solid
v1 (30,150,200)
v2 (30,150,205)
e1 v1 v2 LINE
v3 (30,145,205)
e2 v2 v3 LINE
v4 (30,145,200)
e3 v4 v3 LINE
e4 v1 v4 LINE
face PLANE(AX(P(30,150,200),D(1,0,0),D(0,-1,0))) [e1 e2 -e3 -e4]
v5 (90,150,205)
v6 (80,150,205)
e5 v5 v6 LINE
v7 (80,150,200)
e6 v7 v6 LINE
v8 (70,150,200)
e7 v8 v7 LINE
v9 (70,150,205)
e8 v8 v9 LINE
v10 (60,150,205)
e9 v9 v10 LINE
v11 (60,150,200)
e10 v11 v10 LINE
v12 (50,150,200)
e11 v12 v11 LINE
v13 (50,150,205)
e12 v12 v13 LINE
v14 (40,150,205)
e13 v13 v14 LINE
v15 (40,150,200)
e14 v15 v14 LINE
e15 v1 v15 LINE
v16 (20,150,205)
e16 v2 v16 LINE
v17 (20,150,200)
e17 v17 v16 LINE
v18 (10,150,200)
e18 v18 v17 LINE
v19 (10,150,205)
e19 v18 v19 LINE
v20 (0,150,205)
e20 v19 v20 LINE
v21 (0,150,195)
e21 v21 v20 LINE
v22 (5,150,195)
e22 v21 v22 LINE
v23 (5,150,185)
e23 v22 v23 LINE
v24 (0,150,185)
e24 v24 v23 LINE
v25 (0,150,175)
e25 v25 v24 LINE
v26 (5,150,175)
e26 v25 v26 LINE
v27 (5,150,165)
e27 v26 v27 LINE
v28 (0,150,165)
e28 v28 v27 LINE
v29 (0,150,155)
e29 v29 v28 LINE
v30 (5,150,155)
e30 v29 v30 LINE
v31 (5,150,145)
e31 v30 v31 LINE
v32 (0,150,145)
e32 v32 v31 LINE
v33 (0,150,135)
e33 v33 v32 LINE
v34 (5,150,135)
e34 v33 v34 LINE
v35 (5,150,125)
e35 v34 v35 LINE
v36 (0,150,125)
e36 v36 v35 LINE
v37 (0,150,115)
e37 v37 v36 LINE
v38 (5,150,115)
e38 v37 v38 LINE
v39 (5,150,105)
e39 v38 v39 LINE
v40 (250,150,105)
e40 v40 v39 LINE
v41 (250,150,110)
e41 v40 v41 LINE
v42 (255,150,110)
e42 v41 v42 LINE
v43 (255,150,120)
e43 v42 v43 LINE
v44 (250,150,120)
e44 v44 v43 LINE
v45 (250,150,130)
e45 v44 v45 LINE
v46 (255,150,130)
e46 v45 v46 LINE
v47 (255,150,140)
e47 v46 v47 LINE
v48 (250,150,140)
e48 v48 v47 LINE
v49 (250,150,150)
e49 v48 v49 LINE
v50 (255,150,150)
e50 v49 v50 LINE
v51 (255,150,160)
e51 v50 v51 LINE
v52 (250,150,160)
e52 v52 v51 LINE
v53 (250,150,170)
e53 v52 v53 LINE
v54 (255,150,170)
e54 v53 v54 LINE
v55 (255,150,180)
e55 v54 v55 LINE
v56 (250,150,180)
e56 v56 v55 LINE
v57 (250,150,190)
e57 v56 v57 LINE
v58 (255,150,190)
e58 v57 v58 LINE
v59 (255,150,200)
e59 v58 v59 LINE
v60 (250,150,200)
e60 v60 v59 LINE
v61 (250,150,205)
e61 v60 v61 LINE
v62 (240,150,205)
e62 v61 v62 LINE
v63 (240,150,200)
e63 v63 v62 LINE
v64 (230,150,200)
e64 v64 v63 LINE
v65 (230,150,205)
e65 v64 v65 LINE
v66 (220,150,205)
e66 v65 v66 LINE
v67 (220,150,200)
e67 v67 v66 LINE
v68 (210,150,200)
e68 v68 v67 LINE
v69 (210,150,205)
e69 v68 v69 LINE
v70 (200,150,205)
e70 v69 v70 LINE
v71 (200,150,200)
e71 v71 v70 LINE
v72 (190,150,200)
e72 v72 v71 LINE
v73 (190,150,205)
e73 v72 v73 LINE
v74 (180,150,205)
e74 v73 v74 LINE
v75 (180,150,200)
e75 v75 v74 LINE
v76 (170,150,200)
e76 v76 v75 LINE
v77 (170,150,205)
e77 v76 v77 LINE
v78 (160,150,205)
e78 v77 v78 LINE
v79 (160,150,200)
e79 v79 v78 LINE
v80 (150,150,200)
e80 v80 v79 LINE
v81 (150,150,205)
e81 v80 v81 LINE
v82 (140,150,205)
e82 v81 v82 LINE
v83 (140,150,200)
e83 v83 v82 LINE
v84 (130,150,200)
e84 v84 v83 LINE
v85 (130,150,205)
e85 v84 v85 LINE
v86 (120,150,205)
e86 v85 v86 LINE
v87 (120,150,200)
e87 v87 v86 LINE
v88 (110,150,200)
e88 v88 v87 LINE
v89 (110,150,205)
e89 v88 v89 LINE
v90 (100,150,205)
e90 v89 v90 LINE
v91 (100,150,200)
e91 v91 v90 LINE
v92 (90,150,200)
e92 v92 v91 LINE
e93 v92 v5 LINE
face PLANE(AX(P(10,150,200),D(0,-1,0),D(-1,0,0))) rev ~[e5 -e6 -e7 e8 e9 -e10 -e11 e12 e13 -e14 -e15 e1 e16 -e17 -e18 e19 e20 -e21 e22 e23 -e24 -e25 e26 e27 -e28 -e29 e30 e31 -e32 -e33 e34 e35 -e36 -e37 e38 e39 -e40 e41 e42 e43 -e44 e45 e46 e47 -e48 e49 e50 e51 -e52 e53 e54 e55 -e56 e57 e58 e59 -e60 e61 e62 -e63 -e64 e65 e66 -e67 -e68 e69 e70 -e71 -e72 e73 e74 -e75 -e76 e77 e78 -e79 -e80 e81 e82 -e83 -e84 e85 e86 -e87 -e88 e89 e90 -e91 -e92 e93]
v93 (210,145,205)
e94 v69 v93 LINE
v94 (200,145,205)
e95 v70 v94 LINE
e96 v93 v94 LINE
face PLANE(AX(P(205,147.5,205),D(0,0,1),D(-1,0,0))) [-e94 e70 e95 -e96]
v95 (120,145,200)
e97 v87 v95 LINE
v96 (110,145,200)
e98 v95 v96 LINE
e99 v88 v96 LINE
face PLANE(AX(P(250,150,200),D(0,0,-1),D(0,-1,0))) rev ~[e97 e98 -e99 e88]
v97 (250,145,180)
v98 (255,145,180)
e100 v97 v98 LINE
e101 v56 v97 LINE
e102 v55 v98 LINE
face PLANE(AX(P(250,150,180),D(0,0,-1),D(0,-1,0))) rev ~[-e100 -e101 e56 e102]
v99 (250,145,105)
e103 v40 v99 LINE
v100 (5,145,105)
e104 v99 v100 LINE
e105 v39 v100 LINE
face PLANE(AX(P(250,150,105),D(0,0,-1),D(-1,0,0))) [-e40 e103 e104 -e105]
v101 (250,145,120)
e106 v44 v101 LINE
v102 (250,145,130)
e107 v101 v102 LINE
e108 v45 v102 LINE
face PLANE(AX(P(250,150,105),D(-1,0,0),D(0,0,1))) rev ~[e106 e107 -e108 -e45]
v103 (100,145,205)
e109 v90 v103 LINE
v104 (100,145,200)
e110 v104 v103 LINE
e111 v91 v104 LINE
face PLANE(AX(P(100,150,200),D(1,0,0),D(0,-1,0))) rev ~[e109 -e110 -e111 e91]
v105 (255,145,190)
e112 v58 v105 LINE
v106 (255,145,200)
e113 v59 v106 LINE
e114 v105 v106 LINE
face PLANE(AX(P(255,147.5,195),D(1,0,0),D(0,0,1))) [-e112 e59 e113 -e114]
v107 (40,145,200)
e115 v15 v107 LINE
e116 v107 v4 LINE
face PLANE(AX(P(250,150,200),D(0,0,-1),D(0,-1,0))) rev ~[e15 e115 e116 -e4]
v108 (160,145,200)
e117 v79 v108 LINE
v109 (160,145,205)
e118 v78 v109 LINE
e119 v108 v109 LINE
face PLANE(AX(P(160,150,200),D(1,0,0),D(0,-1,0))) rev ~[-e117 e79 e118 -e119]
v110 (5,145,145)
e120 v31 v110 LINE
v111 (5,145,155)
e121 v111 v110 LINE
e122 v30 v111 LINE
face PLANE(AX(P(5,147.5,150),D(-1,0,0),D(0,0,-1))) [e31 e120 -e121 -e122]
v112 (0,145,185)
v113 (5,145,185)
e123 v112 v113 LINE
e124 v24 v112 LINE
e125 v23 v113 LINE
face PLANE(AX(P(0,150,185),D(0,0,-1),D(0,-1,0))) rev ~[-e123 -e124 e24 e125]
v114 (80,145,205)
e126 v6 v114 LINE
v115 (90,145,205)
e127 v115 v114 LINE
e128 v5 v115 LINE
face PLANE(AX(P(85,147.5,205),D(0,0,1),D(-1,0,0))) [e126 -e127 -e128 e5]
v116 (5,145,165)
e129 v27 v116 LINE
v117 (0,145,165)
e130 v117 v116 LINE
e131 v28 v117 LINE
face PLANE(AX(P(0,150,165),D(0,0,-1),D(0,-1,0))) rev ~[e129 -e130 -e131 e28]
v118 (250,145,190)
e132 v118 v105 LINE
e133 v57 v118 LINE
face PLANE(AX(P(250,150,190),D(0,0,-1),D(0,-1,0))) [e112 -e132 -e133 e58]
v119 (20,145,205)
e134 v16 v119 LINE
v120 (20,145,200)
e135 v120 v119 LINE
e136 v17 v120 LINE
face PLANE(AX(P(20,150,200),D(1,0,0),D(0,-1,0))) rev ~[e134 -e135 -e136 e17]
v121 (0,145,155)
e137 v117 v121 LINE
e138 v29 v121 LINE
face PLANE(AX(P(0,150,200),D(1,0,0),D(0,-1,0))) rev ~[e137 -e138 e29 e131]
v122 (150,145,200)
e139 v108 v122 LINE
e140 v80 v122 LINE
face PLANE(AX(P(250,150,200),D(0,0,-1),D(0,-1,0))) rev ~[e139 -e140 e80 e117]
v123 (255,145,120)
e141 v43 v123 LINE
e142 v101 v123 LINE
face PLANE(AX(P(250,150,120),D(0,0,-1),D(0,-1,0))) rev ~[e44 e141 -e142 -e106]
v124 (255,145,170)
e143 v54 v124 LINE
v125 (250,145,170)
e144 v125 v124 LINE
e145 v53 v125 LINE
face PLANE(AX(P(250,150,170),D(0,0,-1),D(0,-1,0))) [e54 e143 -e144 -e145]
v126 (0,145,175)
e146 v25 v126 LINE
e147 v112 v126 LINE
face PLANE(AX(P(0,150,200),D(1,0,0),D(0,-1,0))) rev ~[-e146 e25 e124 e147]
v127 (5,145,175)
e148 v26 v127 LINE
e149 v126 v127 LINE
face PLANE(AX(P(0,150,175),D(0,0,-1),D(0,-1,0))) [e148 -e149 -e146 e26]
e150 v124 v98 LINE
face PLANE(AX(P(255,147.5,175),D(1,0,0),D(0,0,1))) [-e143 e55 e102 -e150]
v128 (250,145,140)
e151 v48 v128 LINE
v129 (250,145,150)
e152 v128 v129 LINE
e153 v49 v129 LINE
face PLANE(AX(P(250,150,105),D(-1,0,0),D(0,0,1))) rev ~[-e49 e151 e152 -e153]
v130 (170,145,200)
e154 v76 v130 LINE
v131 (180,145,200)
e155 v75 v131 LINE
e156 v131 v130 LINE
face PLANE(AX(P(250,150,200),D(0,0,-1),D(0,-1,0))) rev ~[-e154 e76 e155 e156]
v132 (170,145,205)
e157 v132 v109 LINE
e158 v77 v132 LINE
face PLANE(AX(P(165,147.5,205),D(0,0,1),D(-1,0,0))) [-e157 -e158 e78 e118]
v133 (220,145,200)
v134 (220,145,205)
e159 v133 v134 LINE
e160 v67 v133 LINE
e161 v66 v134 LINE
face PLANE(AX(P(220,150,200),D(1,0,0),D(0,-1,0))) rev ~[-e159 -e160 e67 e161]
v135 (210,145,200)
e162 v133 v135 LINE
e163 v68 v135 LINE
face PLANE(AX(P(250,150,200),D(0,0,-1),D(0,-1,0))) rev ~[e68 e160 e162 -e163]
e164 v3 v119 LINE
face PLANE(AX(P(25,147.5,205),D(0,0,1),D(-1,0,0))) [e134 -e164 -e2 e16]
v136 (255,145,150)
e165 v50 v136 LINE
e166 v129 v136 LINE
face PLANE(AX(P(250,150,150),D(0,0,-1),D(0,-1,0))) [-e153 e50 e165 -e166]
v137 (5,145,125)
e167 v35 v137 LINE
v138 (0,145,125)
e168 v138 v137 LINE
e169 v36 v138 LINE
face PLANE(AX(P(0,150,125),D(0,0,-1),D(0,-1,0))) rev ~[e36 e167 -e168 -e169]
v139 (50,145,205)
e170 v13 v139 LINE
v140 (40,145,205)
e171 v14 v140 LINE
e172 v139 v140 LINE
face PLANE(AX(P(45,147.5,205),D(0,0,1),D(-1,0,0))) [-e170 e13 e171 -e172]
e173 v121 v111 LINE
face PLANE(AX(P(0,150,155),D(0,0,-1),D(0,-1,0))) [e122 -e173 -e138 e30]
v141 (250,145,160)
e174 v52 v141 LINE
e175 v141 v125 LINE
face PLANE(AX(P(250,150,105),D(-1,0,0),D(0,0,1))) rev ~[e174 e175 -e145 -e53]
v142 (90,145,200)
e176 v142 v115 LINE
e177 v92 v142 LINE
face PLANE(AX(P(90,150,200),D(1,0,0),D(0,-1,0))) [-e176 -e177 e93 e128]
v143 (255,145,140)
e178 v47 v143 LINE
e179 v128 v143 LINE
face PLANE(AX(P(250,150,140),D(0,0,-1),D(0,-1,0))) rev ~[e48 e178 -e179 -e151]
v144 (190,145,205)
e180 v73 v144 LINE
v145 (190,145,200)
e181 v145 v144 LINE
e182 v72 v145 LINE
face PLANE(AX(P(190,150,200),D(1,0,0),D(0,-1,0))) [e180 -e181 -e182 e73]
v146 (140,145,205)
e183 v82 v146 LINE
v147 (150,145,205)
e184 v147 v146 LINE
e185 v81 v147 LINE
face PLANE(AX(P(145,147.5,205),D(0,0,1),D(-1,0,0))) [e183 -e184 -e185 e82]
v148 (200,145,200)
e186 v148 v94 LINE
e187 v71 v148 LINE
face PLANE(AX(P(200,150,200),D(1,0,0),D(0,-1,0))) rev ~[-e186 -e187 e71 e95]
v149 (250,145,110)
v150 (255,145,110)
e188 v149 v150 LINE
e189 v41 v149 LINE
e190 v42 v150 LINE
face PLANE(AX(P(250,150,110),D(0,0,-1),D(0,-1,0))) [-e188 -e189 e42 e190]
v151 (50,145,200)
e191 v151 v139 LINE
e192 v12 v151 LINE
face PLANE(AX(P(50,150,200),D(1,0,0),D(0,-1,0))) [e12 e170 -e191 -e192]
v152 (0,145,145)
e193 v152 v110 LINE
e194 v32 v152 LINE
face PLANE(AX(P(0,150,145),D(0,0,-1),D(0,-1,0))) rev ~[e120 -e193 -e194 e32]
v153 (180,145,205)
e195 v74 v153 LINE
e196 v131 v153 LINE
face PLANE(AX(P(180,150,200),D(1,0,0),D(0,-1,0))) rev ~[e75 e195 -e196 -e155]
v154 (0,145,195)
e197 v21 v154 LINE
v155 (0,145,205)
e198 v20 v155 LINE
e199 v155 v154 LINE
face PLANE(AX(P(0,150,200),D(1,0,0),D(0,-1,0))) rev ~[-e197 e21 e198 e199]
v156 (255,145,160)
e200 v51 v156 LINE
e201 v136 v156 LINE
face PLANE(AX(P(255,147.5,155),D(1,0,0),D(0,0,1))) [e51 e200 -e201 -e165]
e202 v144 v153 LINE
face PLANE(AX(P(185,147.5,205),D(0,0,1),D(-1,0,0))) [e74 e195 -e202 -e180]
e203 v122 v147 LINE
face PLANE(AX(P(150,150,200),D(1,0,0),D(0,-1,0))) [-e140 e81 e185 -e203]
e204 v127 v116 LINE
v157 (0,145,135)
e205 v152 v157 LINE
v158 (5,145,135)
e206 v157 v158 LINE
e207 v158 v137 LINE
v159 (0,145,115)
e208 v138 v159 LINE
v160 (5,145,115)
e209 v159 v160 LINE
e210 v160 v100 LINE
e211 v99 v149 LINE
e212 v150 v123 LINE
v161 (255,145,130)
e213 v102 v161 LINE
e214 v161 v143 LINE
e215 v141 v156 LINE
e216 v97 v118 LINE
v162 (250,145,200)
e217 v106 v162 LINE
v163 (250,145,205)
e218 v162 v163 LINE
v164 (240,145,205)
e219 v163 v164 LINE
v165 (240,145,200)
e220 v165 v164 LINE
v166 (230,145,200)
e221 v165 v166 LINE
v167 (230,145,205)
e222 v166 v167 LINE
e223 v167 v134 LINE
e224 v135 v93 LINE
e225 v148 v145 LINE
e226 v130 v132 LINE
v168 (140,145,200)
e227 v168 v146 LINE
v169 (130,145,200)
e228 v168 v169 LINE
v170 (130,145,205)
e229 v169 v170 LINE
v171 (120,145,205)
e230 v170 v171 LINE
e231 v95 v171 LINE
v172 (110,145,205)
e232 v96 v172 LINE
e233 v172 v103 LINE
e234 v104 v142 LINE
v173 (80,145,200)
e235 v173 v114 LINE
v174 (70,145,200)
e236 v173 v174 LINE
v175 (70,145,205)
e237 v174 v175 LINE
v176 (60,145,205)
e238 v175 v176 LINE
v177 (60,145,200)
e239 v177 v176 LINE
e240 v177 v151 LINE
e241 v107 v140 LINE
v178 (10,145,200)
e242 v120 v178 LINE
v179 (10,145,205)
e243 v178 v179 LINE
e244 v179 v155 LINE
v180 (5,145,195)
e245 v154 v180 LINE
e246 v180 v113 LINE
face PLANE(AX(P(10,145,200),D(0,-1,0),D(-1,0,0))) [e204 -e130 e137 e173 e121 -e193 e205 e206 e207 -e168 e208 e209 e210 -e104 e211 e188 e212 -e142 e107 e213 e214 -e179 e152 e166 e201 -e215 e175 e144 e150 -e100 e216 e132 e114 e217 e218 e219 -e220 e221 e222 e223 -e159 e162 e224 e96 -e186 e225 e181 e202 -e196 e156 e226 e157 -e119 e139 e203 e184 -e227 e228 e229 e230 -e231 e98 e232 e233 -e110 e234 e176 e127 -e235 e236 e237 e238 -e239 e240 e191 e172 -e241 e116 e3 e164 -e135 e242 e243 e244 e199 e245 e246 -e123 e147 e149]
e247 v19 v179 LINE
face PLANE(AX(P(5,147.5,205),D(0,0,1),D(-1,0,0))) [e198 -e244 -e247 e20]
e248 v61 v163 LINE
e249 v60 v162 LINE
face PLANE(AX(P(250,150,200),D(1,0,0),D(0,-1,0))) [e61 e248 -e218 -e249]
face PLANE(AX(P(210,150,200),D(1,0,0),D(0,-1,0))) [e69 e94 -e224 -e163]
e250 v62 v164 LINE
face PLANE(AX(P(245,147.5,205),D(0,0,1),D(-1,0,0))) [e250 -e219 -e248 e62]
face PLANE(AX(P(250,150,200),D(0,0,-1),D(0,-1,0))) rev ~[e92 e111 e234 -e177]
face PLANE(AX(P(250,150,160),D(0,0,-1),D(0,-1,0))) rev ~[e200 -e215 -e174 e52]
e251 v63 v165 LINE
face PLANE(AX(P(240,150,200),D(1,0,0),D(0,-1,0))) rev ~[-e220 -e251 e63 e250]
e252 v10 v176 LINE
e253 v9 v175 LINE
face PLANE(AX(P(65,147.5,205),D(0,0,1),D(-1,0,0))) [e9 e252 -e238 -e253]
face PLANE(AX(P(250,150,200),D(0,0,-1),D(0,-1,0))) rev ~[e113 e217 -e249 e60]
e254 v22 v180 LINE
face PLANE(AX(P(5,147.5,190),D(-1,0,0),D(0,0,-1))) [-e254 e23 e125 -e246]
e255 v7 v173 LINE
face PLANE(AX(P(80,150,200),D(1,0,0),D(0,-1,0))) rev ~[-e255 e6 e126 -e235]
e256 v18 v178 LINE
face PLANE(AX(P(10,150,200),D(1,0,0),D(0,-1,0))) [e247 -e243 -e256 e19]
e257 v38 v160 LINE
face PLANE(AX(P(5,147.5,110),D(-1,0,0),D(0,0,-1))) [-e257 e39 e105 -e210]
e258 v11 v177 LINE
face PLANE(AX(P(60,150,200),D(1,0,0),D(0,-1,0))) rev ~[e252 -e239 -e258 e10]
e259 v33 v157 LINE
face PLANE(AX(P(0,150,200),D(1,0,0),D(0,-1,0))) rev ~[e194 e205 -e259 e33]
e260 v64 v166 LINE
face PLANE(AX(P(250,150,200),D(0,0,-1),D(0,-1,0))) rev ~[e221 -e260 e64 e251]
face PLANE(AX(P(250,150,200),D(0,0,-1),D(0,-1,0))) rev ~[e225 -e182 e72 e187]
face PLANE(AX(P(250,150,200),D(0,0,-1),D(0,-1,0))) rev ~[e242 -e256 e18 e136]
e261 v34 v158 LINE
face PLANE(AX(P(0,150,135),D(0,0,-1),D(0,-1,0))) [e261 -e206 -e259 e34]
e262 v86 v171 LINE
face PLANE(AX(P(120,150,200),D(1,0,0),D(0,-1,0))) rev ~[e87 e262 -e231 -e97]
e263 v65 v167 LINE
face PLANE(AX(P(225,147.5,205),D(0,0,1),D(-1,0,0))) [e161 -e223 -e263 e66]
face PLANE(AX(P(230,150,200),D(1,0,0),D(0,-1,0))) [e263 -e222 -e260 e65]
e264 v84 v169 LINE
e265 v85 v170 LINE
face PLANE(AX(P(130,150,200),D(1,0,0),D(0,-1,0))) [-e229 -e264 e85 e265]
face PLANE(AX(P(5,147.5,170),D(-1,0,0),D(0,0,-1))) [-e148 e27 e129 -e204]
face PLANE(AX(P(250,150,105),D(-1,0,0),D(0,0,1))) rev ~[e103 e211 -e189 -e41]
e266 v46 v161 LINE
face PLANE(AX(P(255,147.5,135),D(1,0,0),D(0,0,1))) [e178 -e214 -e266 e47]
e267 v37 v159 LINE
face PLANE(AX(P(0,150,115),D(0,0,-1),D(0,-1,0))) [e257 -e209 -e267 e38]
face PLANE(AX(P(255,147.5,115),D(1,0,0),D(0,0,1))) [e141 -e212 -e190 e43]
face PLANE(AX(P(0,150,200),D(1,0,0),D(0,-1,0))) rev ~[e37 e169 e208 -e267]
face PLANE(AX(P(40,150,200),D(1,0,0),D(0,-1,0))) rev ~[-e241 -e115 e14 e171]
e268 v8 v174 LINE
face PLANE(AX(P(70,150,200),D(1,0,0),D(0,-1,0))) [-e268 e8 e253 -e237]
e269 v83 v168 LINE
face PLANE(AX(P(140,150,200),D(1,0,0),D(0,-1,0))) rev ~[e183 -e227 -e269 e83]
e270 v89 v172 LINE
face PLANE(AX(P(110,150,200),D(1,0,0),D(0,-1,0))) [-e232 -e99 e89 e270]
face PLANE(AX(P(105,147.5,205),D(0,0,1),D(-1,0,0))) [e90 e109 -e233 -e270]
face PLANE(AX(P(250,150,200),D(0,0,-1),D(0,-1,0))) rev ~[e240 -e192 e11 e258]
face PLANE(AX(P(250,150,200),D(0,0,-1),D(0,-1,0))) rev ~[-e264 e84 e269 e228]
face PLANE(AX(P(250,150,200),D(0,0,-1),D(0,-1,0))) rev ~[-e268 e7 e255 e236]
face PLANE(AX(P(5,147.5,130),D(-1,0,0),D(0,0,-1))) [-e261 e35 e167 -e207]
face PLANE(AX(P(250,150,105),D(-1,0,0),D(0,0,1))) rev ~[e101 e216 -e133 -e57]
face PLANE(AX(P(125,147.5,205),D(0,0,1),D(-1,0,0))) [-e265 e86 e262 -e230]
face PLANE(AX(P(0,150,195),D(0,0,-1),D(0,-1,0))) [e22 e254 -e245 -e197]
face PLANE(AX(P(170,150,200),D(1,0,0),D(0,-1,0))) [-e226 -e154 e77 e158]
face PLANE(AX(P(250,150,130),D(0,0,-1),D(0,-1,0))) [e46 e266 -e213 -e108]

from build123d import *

# Parameters (mm, degrees)
SKETCH051_W             = 95
SKETCH051_H             = 250
PAD035_DEPTH            = 5
SKETCH056_W             = 10
SKETCH056_H             = 5
PAD040_DEPTH            = 5
LINEARPATTERN031_COUNT  = 5
LINEARPATTERN031_PITCH  = 20
SKETCH062_W             = 10
SKETCH062_H             = 5
PAD043_DEPTH            = 5
LINEARPATTERN037_COUNT  = 13
LINEARPATTERN037_PITCH  = 20
SKETCH069_W             = 10
SKETCH069_H             = 5
POCKET022_DEPTH         = 5
LINEARPATTERN044_COUNT  = 5
LINEARPATTERN044_PITCH  = 20
BODY014_PITCH_ANGLE     = -90
BODY014_PLACEMENT_ANGLE = 90


with BuildPart() as part:
    # Sketch051 → Pad035 (new body)
    with BuildSketch(Plane.XY):
        Rectangle(SKETCH051_W, SKETCH051_H)
    extrude(amount=PAD035_DEPTH)

    # Sketch056 (on DatumPlane) → Pad040 (join)
    with BuildSketch(Plane.XZ.offset(125)):
        with Locations((-37.5, 2.5)):
            Rectangle(SKETCH056_W, SKETCH056_H)
    pad040 = extrude(amount=PAD040_DEPTH)

    # LinearPattern031: Pad040 ×5
    with Locations(*[(i * LINEARPATTERN031_PITCH, 0, 0) for i in range(1, LINEARPATTERN031_COUNT)]):
        add(pad040)

    # Sketch062 (on DatumPlane) → Pad043 (join)
    with BuildSketch(Plane.YZ.offset(47.5)):
        with Locations((-120, 2.5)):
            Rectangle(SKETCH062_W, SKETCH062_H)
    pad043 = extrude(amount=PAD043_DEPTH)

    # LinearPattern037: Pad043 ×13
    with Locations(*[(0, i * LINEARPATTERN037_PITCH, 0) for i in range(1, LINEARPATTERN037_COUNT)]):
        add(pad043)

    # Sketch069 (on DatumPlane) → Pocket022 (cut)
    with BuildSketch(Plane(origin=(0, 125, 0), x_dir=(-1, 0, 0), z_dir=(0, 1, 0))):
        with Locations((-37.5, 2.5)):
            Rectangle(SKETCH069_W, SKETCH069_H)
    pocket022 = extrude(amount=-POCKET022_DEPTH, mode=Mode.SUBTRACT)

    # LinearPattern044: Pocket022 ×5
    with Locations(*[(-i * LINEARPATTERN044_PITCH, 0, 0) for i in range(1, LINEARPATTERN044_COUNT)]):
        add(pocket022, mode=Mode.SUBTRACT)


with BuildPart() as part_1:
    # Body014 pitch: moved
    add(part.part.rotate(Axis((0, 0, 0), (0, 1, 0)), BODY014_PITCH_ANGLE))


with BuildPart() as part_2:
    # Body014 placement: moved
    add(part_1.part.moved(Location((125, 150, 152.5))).rotate(Axis((125, 150, 152.5), (0, 0, 1)), BODY014_PLACEMENT_ANGLE))


solid = part_2.part
